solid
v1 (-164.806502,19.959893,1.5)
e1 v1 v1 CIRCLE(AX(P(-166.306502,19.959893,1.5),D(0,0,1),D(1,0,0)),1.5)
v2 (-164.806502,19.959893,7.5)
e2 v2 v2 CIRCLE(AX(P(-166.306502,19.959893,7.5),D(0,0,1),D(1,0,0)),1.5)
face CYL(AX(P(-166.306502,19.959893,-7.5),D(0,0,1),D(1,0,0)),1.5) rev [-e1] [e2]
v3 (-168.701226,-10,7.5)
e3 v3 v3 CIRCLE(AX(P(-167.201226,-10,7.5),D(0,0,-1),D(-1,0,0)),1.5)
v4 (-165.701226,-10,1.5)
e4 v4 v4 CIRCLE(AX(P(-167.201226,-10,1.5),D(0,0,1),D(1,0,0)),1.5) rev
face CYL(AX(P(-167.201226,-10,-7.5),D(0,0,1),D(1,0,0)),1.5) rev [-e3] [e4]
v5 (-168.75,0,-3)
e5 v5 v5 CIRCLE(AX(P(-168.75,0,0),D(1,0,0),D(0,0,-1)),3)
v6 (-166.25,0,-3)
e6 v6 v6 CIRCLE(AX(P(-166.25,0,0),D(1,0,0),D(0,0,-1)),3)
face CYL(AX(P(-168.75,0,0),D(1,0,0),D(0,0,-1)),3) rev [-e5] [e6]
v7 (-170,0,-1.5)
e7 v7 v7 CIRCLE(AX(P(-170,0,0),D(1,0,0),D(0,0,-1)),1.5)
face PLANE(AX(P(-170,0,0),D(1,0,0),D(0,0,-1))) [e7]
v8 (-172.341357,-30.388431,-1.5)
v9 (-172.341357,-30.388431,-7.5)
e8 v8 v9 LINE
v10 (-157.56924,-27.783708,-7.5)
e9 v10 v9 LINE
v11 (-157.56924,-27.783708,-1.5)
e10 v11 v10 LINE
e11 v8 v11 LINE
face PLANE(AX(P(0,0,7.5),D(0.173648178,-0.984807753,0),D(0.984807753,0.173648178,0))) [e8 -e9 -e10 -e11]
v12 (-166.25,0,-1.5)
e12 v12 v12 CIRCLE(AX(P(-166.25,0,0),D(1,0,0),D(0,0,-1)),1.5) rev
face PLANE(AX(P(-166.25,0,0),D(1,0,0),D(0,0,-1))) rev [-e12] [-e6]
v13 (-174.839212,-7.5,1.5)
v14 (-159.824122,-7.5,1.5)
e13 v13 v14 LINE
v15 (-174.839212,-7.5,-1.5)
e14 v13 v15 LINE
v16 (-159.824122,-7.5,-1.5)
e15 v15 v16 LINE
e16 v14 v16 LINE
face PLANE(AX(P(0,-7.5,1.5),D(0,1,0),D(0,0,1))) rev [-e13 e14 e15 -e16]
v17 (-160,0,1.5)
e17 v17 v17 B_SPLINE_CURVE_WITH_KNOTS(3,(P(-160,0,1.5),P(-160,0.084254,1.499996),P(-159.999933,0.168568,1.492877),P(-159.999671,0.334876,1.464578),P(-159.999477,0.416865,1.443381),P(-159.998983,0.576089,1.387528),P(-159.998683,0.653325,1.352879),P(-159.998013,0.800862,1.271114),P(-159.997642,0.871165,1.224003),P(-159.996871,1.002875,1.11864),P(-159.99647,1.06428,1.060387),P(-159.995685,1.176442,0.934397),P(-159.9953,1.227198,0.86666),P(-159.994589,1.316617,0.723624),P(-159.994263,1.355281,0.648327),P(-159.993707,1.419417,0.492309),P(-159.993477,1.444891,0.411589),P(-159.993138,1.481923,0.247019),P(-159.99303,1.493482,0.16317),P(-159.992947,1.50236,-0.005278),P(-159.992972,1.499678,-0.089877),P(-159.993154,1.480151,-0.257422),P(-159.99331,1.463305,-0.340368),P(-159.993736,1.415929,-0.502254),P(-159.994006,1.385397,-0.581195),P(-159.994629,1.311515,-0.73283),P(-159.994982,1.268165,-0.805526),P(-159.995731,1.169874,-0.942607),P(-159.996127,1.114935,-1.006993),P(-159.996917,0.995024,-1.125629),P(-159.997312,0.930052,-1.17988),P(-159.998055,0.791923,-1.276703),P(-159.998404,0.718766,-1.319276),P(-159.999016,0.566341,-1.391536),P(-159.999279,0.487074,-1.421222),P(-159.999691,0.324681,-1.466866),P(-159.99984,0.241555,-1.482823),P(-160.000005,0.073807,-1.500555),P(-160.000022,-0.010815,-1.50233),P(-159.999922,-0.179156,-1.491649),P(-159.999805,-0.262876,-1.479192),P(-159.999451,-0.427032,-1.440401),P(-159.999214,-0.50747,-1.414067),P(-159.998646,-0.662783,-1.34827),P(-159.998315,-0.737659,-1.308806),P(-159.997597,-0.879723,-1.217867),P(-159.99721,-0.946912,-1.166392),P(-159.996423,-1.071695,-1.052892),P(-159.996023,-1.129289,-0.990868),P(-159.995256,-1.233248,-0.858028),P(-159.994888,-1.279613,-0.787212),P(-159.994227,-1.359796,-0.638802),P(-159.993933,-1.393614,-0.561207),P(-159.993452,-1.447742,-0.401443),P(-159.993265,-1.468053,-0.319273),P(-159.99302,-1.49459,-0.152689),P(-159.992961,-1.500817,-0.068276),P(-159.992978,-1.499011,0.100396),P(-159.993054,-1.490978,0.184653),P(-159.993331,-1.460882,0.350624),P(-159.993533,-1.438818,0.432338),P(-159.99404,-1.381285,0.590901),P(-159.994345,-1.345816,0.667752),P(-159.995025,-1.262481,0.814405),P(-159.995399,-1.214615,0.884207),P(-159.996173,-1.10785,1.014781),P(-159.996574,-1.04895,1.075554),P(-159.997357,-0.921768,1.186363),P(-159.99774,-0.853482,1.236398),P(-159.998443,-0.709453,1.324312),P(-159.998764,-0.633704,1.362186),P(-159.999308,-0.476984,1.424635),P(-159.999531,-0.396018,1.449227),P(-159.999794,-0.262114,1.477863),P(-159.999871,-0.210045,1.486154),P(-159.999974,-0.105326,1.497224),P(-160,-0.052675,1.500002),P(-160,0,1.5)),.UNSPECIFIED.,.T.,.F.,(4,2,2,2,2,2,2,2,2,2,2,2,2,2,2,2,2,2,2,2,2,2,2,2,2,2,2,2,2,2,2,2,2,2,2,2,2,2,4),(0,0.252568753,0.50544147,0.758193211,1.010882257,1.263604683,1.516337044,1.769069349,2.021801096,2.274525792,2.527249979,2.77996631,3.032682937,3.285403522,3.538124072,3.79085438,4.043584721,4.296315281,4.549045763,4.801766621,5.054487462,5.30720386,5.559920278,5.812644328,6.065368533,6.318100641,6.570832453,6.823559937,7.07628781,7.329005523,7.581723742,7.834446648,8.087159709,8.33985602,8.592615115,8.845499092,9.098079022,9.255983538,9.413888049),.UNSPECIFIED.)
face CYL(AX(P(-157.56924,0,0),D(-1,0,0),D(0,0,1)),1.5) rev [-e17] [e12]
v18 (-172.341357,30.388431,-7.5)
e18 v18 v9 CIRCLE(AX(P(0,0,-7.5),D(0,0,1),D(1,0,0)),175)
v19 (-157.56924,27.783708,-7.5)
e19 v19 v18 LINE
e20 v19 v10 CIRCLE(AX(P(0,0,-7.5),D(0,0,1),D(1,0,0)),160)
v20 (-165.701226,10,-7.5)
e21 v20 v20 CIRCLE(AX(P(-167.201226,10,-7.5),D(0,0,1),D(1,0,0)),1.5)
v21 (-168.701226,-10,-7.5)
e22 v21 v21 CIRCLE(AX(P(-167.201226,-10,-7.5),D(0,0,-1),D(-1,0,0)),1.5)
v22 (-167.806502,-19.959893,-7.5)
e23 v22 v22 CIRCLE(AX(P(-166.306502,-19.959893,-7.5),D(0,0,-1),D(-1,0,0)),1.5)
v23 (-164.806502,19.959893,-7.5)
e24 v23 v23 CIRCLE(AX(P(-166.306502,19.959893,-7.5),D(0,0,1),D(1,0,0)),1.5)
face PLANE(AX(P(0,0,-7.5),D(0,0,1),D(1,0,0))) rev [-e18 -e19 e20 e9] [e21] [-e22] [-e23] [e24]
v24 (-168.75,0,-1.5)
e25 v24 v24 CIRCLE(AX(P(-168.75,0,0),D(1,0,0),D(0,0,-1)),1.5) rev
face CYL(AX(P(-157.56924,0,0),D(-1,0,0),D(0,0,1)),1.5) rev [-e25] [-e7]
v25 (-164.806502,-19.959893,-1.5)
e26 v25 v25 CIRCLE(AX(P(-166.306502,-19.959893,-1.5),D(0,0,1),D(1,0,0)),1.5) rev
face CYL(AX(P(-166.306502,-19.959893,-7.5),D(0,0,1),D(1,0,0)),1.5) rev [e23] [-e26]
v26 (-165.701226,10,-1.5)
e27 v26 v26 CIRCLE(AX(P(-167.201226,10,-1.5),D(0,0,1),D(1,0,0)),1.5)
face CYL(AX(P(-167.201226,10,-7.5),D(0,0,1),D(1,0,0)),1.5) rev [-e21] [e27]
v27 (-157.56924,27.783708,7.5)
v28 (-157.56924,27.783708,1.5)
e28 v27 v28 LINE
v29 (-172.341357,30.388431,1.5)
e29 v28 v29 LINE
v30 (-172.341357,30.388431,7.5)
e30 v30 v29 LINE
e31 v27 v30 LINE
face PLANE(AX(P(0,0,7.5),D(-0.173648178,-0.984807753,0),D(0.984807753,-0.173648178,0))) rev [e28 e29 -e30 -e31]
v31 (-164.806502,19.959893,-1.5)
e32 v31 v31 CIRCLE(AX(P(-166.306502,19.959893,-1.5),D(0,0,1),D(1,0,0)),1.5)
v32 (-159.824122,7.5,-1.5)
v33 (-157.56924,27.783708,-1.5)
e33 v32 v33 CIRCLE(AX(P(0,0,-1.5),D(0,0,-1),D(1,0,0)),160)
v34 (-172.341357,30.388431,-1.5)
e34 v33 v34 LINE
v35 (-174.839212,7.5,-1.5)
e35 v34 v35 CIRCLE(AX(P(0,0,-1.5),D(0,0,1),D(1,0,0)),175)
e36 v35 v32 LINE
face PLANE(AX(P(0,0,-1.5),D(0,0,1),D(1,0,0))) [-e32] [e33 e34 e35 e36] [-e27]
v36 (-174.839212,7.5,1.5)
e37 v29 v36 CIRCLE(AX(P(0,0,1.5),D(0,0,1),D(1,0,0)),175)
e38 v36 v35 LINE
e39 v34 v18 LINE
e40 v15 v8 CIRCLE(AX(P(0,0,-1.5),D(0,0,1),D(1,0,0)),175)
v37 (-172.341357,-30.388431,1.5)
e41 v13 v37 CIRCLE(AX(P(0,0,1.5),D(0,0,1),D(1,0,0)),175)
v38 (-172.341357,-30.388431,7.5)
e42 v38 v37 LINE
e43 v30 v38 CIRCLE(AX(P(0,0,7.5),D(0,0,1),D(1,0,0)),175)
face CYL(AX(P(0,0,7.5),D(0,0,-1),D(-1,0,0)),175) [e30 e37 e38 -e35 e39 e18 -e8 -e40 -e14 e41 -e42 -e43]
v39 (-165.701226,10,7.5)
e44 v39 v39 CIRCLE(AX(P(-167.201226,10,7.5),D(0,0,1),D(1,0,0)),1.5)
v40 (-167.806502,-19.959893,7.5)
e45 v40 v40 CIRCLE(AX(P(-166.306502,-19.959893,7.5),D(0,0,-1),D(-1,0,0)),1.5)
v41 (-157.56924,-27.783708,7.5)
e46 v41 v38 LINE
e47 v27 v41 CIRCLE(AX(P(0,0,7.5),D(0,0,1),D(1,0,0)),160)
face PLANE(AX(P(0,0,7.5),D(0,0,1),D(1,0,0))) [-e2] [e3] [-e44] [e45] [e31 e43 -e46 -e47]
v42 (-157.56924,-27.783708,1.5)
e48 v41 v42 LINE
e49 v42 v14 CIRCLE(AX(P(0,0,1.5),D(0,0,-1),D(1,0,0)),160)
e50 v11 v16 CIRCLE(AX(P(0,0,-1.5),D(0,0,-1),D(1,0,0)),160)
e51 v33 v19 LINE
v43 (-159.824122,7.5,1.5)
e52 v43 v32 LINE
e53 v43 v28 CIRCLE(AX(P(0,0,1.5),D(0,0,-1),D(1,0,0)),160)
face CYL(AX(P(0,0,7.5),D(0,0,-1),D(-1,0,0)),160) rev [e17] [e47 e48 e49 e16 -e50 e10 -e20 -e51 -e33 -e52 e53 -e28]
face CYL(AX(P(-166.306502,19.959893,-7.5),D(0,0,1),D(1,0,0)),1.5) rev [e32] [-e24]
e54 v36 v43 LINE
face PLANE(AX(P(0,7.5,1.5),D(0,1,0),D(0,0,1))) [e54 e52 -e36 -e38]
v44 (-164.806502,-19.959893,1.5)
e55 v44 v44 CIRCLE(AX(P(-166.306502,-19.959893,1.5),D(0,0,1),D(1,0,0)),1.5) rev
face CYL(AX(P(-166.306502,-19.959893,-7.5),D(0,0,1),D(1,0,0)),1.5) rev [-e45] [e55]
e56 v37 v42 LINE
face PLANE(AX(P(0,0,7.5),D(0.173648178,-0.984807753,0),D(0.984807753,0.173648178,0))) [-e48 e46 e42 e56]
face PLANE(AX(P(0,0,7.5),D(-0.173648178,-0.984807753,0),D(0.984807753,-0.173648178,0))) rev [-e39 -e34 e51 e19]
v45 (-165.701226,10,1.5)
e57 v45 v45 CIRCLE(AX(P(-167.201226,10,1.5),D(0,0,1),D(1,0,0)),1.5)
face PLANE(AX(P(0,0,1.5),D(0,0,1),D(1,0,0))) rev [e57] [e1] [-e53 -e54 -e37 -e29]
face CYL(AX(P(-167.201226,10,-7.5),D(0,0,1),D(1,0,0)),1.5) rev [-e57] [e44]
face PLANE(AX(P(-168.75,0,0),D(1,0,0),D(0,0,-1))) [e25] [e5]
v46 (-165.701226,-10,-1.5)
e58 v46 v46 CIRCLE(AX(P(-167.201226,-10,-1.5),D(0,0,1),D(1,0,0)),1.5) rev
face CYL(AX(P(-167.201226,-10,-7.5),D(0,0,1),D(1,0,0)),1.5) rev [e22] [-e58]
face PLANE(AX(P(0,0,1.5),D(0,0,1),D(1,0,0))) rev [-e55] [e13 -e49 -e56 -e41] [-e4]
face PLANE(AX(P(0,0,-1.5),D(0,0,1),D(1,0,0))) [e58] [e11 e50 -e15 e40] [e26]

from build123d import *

# Parameters (mm, degrees)
BOSS_EXTRUDE3_DEPTH     = 7.5
CUT_EXTRUDE4_DEPTH      = 1.5
BOSS_EXTRUDE5_DEPTH     = 1.5
SKETCH4_R               = 3
BEARING_HOLE_DEPTH      = 1.25
SHAFT_HOLE_DEPTH        = 33.837885572
SHAFT_HOLE_DEPTH_BACK   = 2.5
SKETCH7_R               = 1.5
CUT_EXTRUDE6_DEPTH      = 178.77712661
CUT_EXTRUDE6_DEPTH_BACK = 178.77712661
SKETCH8_R               = 1.5


with BuildPart() as part:
    # Sketch1 → Boss-Extrude3 (new, symmetric)
    with BuildSketch(Plane.XY):
        with BuildLine():
            ThreePointArc((-157.569240482, -27.783708427), (-160, 0), (-157.569240482, 27.783708427))
            Line((-157.569240482, 27.783708427), (-172.341356777, 30.388431092))
            ThreePointArc((-172.341356777, 30.388431092), (-175, 0), (-172.341356777, -30.388431092))
            Line((-172.341356777, -30.388431092), (-157.569240482, -27.783708427))
        make_face()
    extrude(amount=BOSS_EXTRUDE3_DEPTH, both=True)

    # Sketch1<6> → Cut-Extrude4 (cut, symmetric)
    with BuildSketch(Plane.XY):
        with BuildLine():
            Line((-157.569240482, 27.783708427), (-172.341356777, 30.388431092))
            ThreePointArc((-172.341356777, 30.388431092), (-175, 0), (-172.341356777, -30.388431092))
            Line((-172.341356777, -30.388431092), (-157.569240482, -27.783708427))
            ThreePointArc((-157.569240482, -27.783708427), (-160, 0), (-157.569240482, 27.783708427))
        make_face()
    extrude(amount=CUT_EXTRUDE4_DEPTH, both=True, mode=Mode.SUBTRACT)


with BuildPart() as cut_extrude4_piece_1:
    # of the separate pieces the step leaves, piece 1, a body of its own (cut_extrude4_pieces)
    add(part.part.solids().sort_by_distance((-157.569240482, -27.783708427, -1.5))[0])



with BuildPart() as cut_extrude4_piece_2:
    # of the separate pieces the step leaves, piece 2, a body of its own (cut_extrude4_pieces)
    add(part.part.solids().sort_by_distance((-157.569240482, -27.783708427, 7.5))[0])


with BuildPart() as cut_extrude4_piece_1_1:
    add(cut_extrude4_piece_1.part)

    add(cut_extrude4_piece_2.part)  # Boss-Extrude5 merges Cut-Extrude4 piece 2
    # Sketch6 → Boss-Extrude5 (add, symmetric)
    with BuildSketch(Plane.XY):
        with BuildLine():
            Line((-159.824122084, 7.5), (-174.839211849, 7.5))
            ThreePointArc((-174.839211849, 7.5), (-175, 0), (-174.839211849, -7.5))
            Line((-174.839211849, -7.5), (-159.824122084, -7.5))
            ThreePointArc((-159.824122084, -7.5), (-160, 0), (-159.824122084, 7.5))
        make_face()
    extrude(amount=BOSS_EXTRUDE5_DEPTH, both=True)

    # Sketch4 → bearing hole (cut, symmetric)
    with BuildSketch(Plane(origin=(-167.5, 0, 0), x_dir=(0, 0, -1), z_dir=(1, 0, 0))):
        Circle(SKETCH4_R)
    extrude(amount=BEARING_HOLE_DEPTH, both=True, mode=Mode.SUBTRACT)

    # Sketch7 → shaft hole (cut, two sides: drawn at the far end of the back side and taken through both)
    with BuildSketch(Plane(origin=(-167.5, 0, 0), x_dir=(0, 0, -1), z_dir=(1, 0, 0)).offset(-SHAFT_HOLE_DEPTH_BACK)):
        Circle(SKETCH7_R)
    extrude(amount=SHAFT_HOLE_DEPTH + SHAFT_HOLE_DEPTH_BACK, mode=Mode.SUBTRACT)

    # Sketch8 → Cut-Extrude6 (cut, two sides: drawn at the far end of the back side and taken through both)
    with BuildSketch(Plane.XY.offset(-CUT_EXTRUDE6_DEPTH_BACK)):
        with Locations((-166.306502189, 19.95989303)):
            Circle(SKETCH8_R)
        with Locations((-167.201226072, 10)):
            Circle(SKETCH8_R)
        with Locations((-167.201226072, -10)):
            Circle(SKETCH8_R)
        with Locations((-166.306502189, -19.95989303)):
            Circle(SKETCH8_R)
    extrude(amount=CUT_EXTRUDE6_DEPTH + CUT_EXTRUDE6_DEPTH_BACK, mode=Mode.SUBTRACT)


solid = cut_extrude4_piece_1_1.part
